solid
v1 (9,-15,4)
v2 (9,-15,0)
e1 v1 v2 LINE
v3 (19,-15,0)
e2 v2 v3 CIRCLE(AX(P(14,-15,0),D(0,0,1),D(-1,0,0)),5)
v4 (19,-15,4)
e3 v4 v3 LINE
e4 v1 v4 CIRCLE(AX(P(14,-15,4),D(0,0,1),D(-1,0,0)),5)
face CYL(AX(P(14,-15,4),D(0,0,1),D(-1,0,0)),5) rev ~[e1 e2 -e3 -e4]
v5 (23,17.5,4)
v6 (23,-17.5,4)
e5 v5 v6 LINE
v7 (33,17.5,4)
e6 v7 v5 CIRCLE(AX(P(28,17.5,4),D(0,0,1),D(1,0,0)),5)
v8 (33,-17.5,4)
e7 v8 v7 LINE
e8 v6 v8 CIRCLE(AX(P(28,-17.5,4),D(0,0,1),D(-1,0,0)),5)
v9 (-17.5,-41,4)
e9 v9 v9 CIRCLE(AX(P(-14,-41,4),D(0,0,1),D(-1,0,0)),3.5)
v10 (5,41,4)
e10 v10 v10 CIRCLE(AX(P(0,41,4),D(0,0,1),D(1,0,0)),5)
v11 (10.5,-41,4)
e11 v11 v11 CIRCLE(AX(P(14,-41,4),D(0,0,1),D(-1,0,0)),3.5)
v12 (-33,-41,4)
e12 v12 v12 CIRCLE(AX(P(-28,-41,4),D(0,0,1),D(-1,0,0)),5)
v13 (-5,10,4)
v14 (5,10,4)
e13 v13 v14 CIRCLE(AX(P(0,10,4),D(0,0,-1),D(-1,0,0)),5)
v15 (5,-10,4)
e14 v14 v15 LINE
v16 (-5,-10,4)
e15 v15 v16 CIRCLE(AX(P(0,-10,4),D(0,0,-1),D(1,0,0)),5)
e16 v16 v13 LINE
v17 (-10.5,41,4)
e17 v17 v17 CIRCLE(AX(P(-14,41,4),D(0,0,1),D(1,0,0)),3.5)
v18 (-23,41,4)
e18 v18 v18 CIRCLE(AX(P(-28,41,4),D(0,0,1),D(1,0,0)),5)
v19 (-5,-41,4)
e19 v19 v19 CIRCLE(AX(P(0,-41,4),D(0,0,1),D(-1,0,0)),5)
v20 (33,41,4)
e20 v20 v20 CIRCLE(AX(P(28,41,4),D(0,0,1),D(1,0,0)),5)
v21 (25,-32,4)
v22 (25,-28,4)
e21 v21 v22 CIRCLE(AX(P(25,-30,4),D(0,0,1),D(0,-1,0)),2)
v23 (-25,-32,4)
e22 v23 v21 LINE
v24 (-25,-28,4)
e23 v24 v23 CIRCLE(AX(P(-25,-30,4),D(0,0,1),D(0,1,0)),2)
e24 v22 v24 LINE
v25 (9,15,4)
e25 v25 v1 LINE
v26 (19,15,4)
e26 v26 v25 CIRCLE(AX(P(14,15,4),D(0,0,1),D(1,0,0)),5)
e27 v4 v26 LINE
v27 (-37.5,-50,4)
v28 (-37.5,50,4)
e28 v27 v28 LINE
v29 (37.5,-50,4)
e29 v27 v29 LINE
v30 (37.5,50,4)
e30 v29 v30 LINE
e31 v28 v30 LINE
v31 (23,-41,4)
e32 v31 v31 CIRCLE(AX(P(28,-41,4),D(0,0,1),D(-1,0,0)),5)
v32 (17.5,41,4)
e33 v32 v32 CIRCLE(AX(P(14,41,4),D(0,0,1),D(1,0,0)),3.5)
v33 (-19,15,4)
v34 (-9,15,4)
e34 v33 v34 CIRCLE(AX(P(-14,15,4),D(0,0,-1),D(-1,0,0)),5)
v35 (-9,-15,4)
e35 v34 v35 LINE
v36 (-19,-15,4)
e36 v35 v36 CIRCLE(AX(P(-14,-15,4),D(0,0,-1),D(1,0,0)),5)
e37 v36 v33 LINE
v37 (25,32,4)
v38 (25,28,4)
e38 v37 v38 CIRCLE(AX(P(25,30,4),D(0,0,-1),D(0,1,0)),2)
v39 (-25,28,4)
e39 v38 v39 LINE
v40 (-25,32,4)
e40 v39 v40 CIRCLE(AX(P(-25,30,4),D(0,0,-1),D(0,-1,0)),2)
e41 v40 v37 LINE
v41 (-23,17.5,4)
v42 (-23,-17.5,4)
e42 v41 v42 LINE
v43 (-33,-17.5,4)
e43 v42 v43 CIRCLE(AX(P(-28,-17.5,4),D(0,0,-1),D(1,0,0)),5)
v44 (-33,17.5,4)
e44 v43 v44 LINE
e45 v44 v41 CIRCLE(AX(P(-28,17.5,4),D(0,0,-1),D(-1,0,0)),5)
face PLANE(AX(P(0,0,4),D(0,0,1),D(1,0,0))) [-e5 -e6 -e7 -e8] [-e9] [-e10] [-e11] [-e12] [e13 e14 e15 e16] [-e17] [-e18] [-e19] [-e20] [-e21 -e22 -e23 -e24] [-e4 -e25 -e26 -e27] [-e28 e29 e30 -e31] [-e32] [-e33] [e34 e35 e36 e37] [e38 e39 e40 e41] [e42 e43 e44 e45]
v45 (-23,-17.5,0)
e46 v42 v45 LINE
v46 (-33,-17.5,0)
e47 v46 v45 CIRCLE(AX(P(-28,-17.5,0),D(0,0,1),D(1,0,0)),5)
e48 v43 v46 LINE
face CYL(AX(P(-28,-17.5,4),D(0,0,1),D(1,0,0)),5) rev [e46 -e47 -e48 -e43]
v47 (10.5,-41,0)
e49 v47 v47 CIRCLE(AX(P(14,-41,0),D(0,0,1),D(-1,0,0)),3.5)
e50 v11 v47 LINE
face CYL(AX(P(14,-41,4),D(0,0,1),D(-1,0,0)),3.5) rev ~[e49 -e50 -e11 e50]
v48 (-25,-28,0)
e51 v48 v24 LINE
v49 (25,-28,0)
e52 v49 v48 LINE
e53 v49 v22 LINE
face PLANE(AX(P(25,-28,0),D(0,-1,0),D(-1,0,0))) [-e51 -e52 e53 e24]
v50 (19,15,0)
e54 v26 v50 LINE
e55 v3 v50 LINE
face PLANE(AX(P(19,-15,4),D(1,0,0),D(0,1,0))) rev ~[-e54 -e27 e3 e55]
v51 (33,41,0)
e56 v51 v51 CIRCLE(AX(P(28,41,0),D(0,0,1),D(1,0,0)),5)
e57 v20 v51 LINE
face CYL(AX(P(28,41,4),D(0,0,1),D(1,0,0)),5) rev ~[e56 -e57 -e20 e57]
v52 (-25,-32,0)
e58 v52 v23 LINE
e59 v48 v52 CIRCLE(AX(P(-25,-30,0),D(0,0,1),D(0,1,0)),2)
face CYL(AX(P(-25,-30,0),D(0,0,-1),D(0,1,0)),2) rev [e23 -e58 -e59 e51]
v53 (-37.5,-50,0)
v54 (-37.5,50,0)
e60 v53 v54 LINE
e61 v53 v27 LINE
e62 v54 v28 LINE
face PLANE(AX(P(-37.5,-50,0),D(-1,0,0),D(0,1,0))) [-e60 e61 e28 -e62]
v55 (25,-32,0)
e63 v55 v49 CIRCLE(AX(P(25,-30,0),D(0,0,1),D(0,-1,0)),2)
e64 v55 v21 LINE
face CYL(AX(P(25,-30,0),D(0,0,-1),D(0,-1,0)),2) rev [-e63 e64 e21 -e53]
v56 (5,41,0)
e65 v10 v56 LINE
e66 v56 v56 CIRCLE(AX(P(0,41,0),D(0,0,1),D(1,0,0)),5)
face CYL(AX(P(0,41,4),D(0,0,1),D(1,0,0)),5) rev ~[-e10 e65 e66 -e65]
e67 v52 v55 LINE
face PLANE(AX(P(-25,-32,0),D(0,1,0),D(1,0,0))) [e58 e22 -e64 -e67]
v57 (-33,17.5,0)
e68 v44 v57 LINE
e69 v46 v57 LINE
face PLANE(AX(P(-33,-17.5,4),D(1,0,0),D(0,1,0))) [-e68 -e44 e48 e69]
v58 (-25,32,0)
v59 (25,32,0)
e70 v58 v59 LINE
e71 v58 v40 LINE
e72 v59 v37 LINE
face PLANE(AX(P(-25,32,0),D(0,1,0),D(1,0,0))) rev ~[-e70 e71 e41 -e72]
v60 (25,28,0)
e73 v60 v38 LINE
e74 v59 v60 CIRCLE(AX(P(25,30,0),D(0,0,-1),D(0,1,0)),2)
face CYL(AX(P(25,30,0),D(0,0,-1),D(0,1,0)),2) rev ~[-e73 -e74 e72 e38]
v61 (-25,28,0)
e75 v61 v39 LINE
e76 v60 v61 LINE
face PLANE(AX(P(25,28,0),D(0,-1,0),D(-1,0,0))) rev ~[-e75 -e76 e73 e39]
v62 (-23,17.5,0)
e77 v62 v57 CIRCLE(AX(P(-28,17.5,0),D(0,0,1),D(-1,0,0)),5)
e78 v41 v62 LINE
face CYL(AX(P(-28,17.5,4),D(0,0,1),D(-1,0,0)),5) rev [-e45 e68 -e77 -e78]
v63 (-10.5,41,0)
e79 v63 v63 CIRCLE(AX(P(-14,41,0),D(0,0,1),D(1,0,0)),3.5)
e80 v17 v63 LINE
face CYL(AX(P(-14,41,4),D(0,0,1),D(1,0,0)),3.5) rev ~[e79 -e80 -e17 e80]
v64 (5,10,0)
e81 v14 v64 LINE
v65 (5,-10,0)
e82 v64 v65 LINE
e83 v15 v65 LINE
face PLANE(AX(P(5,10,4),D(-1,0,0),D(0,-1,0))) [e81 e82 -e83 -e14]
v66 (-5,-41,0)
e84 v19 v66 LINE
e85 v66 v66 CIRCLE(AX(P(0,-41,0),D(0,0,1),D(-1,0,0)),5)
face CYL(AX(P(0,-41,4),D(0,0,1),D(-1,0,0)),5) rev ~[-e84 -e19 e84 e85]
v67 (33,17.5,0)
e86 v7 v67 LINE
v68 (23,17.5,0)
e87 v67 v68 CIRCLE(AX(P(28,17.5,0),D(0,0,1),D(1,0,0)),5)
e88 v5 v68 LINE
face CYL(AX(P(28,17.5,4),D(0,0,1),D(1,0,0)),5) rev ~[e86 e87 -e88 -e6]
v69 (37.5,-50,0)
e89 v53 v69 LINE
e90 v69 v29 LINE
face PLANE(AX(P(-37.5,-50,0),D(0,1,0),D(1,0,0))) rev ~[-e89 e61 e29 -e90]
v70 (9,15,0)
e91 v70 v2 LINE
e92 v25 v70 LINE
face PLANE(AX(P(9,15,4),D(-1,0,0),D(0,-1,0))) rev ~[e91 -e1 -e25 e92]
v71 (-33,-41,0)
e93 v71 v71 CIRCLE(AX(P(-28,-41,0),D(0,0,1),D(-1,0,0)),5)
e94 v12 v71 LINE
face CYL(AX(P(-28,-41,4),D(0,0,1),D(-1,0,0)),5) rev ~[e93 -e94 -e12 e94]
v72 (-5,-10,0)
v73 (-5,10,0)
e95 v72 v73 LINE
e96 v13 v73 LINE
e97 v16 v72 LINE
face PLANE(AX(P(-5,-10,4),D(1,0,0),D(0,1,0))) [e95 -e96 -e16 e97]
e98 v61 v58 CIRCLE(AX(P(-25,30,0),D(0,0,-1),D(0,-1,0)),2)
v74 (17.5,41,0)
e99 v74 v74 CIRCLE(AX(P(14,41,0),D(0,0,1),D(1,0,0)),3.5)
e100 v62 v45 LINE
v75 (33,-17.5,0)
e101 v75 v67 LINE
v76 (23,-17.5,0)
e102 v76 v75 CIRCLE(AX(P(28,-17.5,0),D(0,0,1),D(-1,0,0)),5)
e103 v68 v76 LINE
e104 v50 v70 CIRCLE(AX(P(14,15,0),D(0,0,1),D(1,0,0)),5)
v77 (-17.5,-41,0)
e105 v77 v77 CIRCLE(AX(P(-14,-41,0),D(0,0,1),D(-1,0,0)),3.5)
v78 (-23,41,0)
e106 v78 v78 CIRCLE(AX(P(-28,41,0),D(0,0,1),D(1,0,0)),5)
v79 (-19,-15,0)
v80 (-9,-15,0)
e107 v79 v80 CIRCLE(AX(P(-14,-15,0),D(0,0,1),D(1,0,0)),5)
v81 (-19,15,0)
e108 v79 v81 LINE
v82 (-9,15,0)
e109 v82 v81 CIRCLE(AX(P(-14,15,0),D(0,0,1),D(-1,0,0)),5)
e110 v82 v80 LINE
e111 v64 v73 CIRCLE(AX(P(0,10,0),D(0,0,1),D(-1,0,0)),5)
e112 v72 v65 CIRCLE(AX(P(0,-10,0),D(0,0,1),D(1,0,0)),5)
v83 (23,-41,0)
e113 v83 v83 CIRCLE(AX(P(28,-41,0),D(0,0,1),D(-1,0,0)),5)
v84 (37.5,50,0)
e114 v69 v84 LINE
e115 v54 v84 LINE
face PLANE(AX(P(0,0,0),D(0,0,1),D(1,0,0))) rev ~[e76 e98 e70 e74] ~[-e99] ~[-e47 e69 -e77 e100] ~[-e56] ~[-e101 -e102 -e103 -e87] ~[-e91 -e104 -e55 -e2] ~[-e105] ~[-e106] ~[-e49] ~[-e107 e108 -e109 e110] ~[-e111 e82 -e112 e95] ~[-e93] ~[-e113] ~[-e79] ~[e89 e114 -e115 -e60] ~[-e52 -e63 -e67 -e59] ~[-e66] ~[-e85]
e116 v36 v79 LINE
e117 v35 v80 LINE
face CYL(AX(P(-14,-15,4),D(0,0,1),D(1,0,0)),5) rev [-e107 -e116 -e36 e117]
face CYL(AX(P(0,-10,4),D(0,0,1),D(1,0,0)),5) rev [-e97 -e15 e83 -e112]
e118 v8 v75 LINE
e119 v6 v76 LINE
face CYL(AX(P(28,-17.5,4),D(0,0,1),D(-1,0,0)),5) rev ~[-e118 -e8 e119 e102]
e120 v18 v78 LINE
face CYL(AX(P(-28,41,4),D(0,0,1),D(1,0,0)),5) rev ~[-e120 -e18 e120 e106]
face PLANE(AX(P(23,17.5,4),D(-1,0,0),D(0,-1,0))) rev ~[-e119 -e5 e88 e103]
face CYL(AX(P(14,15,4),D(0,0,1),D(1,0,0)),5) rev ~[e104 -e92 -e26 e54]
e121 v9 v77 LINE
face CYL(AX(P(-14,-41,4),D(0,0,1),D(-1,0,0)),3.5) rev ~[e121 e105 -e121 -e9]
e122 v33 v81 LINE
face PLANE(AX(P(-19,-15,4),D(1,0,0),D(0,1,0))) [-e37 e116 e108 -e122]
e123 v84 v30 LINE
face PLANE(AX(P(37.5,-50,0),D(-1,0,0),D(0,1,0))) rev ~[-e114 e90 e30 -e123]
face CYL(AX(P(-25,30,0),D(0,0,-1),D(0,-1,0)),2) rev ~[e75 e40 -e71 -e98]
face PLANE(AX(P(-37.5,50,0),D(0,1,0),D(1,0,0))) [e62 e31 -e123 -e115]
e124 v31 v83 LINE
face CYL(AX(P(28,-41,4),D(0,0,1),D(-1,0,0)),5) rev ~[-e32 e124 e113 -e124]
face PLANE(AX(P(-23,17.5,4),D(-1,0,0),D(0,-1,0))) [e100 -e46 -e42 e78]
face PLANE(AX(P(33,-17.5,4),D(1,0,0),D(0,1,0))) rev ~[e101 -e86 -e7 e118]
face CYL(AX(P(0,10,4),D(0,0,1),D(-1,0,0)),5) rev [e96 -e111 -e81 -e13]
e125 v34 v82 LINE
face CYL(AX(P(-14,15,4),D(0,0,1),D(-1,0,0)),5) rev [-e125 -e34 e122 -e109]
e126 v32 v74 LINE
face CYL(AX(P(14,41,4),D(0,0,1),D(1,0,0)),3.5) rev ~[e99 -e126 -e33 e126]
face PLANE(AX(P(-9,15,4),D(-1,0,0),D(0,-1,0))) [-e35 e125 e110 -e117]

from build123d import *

# Parameters (mm, degrees)
SKIZZE1_W                       = 75
SKIZZE1_H                       = 100
GRUNDPLATTE_DEPTH               = 4
SKIZZE2_R                       = 5
SKIZZE2_R_2                     = 3.5
SCHNITT_LINEAR_AUSTRAGEN1_DEPTH = 63.627869196


with BuildPart() as part:
    # Skizze1 → Grundplatte (new body)
    with BuildSketch(Plane.XY):
        Rectangle(SKIZZE1_W, SKIZZE1_H)
        with BuildLine():
            Line((25, 28), (-25, 28))
            ThreePointArc((-25, 28), (-27, 30), (-25, 32))
            Line((-25, 32), (25, 32))
            ThreePointArc((25, 32), (27, 30), (25, 28))
        make_face(mode=Mode.SUBTRACT)
        with BuildLine():
            Line((25, -28), (-25, -28))
            ThreePointArc((-25, -28), (-27, -30), (-25, -32))
            Line((-25, -32), (25, -32))
            ThreePointArc((25, -32), (27, -30), (25, -28))
        make_face(mode=Mode.SUBTRACT)
    extrude(amount=GRUNDPLATTE_DEPTH)

    # Skizze2 → Schnitt-Linear austragen1 (cut, through all)
    with BuildSketch(Plane.XY.offset(4)):
        with Locations((-28, 41)):
            Circle(SKIZZE2_R)
        with Locations((0, 41)):
            Circle(SKIZZE2_R)
        with Locations((28, 41)):
            Circle(SKIZZE2_R)
        with Locations((-14, 41)):
            Circle(SKIZZE2_R_2)
        with Locations((14, 41)):
            Circle(SKIZZE2_R_2)
        with Locations(Location((14, -41, 0), (0, 0, 180))):
            Circle(SKIZZE2_R_2)
        with Locations(Location((-14, -41, 0), (0, 0, 180))):
            Circle(SKIZZE2_R_2)
        with Locations(Location((28, -41, 0), (0, 0, 180))):
            Circle(SKIZZE2_R)
        with Locations(Location((0, -41, 0), (0, 0, 180))):
            Circle(SKIZZE2_R)
        with Locations(Location((-28, -41, 0), (0, 0, 180))):
            Circle(SKIZZE2_R)
        with BuildLine():
            Line((-33, -17.5), (-33, 17.5))
            ThreePointArc((-33, 17.5), (-28, 22.5), (-23, 17.5))
            Line((-23, 17.5), (-23, -17.5))
            ThreePointArc((-23, -17.5), (-28, -22.5), (-33, -17.5))
        make_face()
        with BuildLine():
            Line((5, 10), (5, -10))
            ThreePointArc((5, -10), (0, -15), (-5, -10))
            Line((-5, -10), (-5, 10))
            ThreePointArc((-5, 10), (0, 15), (5, 10))
        make_face()
        with BuildLine():
            Line((-9, 15), (-9, -15))
            ThreePointArc((-9, -15), (-14, -20), (-19, -15))
            Line((-19, -15), (-19, 15))
            ThreePointArc((-19, 15), (-14, 20), (-9, 15))
        make_face()
        with BuildLine():
            Line((9, 15), (9, -15))
            ThreePointArc((9, -15), (14, -20), (19, -15))
            Line((19, -15), (19, 15))
            ThreePointArc((19, 15), (14, 20), (9, 15))
        make_face()
        with BuildLine():
            Line((33, -17.5), (33, 17.5))
            ThreePointArc((33, 17.5), (28, 22.5), (23, 17.5))
            Line((23, 17.5), (23, -17.5))
            ThreePointArc((23, -17.5), (28, -22.5), (33, -17.5))
        make_face()
    extrude(amount=-SCHNITT_LINEAR_AUSTRAGEN1_DEPTH, mode=Mode.SUBTRACT)


solid = part.part
